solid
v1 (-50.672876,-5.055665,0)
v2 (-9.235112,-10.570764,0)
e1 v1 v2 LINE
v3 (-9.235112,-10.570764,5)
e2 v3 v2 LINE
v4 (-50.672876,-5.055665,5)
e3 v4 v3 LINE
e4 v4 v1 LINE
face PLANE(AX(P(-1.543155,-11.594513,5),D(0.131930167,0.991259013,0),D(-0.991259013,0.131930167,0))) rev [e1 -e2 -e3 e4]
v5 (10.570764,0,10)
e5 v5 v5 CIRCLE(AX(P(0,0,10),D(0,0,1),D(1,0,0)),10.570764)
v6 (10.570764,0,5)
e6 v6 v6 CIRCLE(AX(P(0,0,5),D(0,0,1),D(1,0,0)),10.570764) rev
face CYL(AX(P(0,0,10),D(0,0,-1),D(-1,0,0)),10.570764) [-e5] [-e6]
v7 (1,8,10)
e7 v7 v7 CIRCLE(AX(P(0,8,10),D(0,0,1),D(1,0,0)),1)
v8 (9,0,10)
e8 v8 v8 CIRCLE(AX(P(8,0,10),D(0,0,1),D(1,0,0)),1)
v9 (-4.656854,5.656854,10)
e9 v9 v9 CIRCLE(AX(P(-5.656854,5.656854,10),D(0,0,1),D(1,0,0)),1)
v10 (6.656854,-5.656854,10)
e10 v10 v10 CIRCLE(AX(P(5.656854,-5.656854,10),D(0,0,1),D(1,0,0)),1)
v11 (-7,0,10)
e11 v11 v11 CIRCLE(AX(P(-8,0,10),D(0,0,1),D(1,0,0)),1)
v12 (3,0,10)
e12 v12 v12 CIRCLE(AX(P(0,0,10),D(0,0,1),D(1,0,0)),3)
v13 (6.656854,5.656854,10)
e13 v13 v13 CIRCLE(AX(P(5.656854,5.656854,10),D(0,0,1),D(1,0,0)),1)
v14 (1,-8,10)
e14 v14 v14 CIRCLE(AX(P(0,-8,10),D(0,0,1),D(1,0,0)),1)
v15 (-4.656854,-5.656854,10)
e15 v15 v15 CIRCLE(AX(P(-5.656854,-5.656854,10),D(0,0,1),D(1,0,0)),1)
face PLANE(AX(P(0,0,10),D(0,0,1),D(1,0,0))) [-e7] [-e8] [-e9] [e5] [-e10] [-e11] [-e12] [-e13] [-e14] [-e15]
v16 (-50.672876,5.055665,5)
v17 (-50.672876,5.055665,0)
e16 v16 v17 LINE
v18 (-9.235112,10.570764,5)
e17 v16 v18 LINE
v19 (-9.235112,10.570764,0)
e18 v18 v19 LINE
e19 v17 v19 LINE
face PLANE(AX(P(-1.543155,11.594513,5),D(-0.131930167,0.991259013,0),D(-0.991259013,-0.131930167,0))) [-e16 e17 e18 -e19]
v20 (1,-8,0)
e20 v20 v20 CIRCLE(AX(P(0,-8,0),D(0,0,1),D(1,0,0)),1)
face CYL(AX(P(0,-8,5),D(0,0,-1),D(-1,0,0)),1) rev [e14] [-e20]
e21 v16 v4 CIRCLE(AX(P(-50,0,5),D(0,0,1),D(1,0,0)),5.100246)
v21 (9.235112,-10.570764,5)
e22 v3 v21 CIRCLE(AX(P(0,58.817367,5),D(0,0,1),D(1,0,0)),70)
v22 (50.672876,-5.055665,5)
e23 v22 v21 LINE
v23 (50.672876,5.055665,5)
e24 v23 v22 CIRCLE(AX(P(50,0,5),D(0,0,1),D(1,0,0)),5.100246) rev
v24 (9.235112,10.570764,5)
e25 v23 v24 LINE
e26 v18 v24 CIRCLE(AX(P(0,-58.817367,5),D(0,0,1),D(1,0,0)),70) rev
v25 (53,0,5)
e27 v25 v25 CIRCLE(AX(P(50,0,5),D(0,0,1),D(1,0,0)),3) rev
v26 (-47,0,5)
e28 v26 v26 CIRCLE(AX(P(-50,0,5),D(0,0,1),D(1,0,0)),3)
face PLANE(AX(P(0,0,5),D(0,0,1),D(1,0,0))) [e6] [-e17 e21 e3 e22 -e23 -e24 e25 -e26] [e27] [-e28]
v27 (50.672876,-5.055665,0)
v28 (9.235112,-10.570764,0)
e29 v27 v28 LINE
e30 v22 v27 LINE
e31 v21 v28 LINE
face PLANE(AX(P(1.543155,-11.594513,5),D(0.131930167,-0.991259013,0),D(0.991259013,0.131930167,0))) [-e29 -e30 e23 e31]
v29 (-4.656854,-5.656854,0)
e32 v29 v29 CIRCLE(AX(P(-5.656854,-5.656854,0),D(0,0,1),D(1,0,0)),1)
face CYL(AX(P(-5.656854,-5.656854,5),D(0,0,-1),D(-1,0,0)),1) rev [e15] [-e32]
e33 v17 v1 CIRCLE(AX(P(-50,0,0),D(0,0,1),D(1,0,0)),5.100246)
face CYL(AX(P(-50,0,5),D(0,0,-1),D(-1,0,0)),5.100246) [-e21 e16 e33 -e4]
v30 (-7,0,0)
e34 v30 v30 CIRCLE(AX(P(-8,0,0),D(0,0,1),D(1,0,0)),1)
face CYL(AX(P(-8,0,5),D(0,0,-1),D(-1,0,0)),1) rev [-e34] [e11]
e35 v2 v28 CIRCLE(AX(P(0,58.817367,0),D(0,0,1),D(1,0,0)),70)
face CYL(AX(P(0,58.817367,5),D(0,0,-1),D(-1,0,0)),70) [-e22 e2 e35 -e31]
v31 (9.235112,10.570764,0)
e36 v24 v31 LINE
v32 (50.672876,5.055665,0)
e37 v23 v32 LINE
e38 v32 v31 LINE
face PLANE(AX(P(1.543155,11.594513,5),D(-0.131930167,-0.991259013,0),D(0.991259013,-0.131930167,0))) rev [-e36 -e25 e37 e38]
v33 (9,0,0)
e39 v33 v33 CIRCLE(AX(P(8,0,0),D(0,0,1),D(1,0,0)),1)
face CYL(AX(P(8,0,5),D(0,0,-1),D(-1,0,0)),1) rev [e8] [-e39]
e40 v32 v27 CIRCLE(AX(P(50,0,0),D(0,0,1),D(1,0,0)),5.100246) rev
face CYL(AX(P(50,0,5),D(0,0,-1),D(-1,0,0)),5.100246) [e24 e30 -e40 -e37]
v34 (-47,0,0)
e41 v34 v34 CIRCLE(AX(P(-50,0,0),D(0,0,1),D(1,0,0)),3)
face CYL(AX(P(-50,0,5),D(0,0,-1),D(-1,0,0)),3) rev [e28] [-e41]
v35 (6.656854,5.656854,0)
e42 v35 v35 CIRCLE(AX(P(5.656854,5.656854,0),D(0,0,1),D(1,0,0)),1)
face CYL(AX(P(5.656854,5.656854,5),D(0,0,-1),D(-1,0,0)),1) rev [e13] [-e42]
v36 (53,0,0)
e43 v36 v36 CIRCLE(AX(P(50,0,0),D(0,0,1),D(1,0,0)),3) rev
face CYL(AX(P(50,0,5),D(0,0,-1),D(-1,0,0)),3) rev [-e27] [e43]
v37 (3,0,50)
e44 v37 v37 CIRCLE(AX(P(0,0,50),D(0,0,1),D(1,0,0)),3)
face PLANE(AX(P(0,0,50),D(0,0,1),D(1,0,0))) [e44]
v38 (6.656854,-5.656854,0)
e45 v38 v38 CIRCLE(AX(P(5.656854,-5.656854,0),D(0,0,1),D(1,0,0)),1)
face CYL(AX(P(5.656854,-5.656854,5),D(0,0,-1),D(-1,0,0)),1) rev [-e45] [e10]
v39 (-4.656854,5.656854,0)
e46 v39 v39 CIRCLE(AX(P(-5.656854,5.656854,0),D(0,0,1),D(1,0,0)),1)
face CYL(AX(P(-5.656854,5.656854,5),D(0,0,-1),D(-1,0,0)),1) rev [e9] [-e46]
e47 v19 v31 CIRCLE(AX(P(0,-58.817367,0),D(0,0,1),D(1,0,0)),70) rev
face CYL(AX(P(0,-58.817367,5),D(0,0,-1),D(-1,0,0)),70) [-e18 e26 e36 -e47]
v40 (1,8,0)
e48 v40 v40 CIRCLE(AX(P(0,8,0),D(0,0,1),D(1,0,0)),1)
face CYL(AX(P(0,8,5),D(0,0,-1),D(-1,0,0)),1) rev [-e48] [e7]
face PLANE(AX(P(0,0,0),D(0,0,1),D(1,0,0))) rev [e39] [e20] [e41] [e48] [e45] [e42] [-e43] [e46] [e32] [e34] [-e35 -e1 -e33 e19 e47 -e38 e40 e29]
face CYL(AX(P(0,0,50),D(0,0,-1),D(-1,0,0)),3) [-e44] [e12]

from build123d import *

# Parameters (mm, degrees)
SZKIC1_R                    = 3
SZKIC1_R_2                  = 1
DODANIE_WYCI_GNI_CIE1_DEPTH = 5
SZKIC1_3_R                  = 10.570763761
SZKIC1_3_R_2                = 1
SZKIC1_3_R_3                = 3
DODANIE_WYCI_GNI_CIE2_DEPTH = 10
SZKIC1_4_R                  = 3
DODANIE_WYCI_GNI_CIE3_DEPTH = 50


with BuildPart() as part:
    # Szkic1 → Dodanie-wyci_gni_cie1 (new body)
    with BuildSketch(Plane.XY):
        with BuildLine():
            Line((-9.235111676, 10.570763761), (-50.67287635, 5.055665151))
            ThreePointArc((-50.67287635, 5.055665151), (-55.100246338, 0), (-50.67287635, -5.055665151))
            Line((-50.67287635, -5.055665151), (-9.235111676, -10.570763761))
            ThreePointArc((-9.235111676, -10.570763761), (0, -11.182632843), (9.235111676, -10.570763761))
            Line((9.235111676, -10.570763761), (50.67287635, -5.055665151))
            ThreePointArc((50.67287635, -5.055665151), (55.100246338, 0), (50.67287635, 5.055665151))
            Line((50.67287635, 5.055665151), (9.235111676, 10.570763761))
            ThreePointArc((9.235111676, 10.570763761), (0, 11.182632843), (-9.235111676, 10.570763761))
        make_face()
        with Locations((-50, 0)):
            Circle(SZKIC1_R, mode=Mode.SUBTRACT)
        with Locations((50, 0)):
            Circle(SZKIC1_R, mode=Mode.SUBTRACT)
        with Locations((0, 8)):
            Circle(SZKIC1_R_2, mode=Mode.SUBTRACT)
        with Locations((0, -8)):
            Circle(SZKIC1_R_2, mode=Mode.SUBTRACT)
        with Locations((-5.656854249, -5.656854249)):
            Circle(SZKIC1_R_2, mode=Mode.SUBTRACT)
        with Locations((-8, 0)):
            Circle(SZKIC1_R_2, mode=Mode.SUBTRACT)
        with Locations((5.656854249, -5.656854249)):
            Circle(SZKIC1_R_2, mode=Mode.SUBTRACT)
        with Locations((8, 0)):
            Circle(SZKIC1_R_2, mode=Mode.SUBTRACT)
        with Locations((-5.656854249, 5.656854249)):
            Circle(SZKIC1_R_2, mode=Mode.SUBTRACT)
        with Locations((5.656854249, 5.656854249)):
            Circle(SZKIC1_R_2, mode=Mode.SUBTRACT)
    extrude(amount=DODANIE_WYCI_GNI_CIE1_DEPTH)

    # Szkic1_3 → Dodanie-wyci_gni_cie2 (add)
    with BuildSketch(Plane.XY):
        Circle(SZKIC1_3_R)
        with Locations((0, -8)):
            Circle(SZKIC1_3_R_2, mode=Mode.SUBTRACT)
        with Locations((-5.656854249, -5.656854249)):
            Circle(SZKIC1_3_R_2, mode=Mode.SUBTRACT)
        with Locations((-8, 0)):
            Circle(SZKIC1_3_R_2, mode=Mode.SUBTRACT)
        Circle(SZKIC1_3_R_3, mode=Mode.SUBTRACT)
        with Locations((5.656854249, -5.656854249)):
            Circle(SZKIC1_3_R_2, mode=Mode.SUBTRACT)
        with Locations((8, 0)):
            Circle(SZKIC1_3_R_2, mode=Mode.SUBTRACT)
        with Locations((-5.656854249, 5.656854249)):
            Circle(SZKIC1_3_R_2, mode=Mode.SUBTRACT)
        with Locations((5.656854249, 5.656854249)):
            Circle(SZKIC1_3_R_2, mode=Mode.SUBTRACT)
        with Locations((0, 8)):
            Circle(SZKIC1_3_R_2, mode=Mode.SUBTRACT)
    extrude(amount=DODANIE_WYCI_GNI_CIE2_DEPTH)

    # Szkic1_4 → Dodanie-wyci_gni_cie3 (add)
    with BuildSketch(Plane.XY):
        Circle(SZKIC1_4_R)
    extrude(amount=DODANIE_WYCI_GNI_CIE3_DEPTH)


solid = part.part
